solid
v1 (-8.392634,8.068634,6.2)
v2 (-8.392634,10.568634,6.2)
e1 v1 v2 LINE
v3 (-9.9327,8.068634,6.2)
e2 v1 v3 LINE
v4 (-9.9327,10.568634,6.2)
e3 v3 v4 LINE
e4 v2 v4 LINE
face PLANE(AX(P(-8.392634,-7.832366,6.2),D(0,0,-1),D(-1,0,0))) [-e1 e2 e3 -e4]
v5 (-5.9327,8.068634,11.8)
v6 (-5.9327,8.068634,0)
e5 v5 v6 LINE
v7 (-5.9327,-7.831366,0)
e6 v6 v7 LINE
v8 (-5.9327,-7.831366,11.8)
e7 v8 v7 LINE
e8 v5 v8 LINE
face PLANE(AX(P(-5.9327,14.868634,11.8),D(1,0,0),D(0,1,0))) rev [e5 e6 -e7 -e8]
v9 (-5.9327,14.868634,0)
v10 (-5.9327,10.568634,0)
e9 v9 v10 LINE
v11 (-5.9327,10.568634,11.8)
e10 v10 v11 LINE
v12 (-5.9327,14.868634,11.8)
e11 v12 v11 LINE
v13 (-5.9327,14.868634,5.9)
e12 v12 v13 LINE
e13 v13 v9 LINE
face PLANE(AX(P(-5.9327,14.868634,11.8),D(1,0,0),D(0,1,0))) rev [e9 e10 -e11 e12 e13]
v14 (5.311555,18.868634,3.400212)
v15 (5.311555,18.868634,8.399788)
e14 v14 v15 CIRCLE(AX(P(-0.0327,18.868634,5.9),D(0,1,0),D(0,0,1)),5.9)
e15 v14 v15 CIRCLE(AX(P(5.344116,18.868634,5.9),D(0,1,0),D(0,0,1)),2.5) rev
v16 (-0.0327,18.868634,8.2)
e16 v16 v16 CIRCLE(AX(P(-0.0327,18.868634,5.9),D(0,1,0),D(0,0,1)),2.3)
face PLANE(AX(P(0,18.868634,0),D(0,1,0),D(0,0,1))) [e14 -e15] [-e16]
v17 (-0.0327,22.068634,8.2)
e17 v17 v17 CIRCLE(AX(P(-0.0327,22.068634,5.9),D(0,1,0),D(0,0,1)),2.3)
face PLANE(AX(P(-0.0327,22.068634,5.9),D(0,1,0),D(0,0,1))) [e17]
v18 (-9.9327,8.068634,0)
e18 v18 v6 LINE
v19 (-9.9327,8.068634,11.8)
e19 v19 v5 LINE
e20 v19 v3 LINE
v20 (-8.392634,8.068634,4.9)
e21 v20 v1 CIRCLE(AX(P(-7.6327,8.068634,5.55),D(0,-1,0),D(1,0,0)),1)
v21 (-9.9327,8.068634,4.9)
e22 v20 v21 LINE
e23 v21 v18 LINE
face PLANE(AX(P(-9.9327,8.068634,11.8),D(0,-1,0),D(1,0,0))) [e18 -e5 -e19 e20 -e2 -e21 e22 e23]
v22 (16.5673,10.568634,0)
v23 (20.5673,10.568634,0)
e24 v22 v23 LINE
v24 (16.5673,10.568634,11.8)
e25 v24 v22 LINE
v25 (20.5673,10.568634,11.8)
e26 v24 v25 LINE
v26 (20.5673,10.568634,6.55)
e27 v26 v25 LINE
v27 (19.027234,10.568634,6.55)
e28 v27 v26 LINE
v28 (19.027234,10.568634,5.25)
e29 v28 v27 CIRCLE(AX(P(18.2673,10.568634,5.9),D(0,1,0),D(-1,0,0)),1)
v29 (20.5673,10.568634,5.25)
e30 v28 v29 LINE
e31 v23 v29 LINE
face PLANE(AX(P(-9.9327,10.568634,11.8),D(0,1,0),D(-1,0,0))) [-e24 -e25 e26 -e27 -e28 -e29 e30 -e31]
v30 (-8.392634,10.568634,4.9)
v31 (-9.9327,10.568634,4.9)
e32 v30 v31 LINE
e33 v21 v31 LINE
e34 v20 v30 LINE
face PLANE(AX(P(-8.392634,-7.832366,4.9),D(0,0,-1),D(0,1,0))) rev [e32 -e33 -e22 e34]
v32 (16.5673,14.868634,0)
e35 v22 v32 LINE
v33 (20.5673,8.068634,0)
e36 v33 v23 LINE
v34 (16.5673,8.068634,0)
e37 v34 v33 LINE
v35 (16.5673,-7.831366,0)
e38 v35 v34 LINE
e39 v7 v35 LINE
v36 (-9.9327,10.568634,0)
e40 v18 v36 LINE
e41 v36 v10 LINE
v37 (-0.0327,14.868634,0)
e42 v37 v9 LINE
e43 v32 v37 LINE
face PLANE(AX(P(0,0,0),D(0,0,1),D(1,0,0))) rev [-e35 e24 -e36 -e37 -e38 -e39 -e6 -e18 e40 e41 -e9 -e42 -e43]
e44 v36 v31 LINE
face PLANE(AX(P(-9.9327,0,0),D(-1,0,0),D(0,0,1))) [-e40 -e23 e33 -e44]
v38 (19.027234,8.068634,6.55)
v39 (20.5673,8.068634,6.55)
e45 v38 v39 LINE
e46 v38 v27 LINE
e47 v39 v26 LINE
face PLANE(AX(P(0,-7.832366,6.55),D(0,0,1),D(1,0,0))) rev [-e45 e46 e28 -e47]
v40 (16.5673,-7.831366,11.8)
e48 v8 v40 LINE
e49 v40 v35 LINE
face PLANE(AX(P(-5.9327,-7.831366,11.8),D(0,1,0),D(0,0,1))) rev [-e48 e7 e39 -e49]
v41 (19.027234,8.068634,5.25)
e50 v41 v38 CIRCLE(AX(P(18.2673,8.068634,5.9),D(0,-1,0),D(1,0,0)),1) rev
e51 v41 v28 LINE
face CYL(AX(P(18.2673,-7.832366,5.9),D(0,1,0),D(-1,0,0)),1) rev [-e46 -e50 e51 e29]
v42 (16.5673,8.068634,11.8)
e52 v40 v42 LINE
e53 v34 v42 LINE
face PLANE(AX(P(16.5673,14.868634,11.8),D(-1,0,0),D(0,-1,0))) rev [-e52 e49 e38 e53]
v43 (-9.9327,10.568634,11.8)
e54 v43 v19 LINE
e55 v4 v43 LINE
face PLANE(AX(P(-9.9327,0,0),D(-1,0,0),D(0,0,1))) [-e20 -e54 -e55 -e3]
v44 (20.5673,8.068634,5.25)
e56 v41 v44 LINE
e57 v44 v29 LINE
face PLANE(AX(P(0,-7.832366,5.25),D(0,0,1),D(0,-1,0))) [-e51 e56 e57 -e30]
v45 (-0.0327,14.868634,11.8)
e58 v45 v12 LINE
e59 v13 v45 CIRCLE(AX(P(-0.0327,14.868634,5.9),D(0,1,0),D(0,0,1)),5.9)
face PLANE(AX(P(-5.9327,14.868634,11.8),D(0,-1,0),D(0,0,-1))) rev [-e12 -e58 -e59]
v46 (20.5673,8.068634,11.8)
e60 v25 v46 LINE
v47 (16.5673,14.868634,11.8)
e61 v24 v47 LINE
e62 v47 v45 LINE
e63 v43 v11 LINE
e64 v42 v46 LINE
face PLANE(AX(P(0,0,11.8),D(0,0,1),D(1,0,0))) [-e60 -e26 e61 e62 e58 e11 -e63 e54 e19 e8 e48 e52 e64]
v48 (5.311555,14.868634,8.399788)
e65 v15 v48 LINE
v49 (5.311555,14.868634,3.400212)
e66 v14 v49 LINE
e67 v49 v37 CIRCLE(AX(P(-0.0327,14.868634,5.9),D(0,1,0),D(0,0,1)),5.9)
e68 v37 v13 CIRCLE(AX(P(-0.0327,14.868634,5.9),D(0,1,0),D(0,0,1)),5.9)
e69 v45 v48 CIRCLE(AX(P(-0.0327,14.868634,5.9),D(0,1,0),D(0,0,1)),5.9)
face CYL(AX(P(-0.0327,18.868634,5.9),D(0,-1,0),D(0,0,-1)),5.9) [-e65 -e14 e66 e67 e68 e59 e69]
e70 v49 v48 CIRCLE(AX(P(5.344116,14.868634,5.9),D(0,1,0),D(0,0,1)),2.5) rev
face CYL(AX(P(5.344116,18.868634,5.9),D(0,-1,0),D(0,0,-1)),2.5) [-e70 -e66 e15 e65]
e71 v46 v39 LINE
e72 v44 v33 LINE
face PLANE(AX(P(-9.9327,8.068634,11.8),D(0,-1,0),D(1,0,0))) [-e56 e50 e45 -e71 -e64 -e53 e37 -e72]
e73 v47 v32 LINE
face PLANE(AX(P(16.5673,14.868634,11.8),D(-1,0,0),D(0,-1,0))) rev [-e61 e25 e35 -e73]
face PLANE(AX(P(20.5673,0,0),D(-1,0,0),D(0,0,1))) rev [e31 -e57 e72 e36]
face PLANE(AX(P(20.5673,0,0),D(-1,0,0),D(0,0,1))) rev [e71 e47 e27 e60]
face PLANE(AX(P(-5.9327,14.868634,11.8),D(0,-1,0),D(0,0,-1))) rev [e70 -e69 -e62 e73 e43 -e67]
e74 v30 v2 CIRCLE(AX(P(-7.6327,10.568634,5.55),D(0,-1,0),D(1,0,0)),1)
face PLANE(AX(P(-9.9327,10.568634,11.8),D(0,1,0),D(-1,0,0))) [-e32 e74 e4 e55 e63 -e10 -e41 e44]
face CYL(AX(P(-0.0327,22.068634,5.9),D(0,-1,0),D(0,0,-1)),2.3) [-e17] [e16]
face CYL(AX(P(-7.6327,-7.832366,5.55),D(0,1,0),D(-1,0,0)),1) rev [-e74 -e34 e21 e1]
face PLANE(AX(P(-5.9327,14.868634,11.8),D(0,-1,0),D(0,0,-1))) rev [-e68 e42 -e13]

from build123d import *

# Parameters (mm, degrees)
SKETCH2_W                = 22.5
SKETCH2_H                = 22.7
BOSS_EXTRUDE1_DEPTH      = 11.8
SKETCH3_R                = 5.9
BOSS_EXTRUDE2_DEPTH      = 4
SKETCH4_R                = 2.3
BOSS_EXTRUDE3_DEPTH      = 3.2
BOSS_EXTRUDE4_DEPTH      = 4
BOSS_EXTRUDE4_DEPTH_BACK = 26.5
SKETCH5_W                = 11.8
SKETCH5_H                = 2.5
CUT_EXTRUDE1_REACH       = 32.014


with BuildPart() as part:
    # Sketch2 → Boss-Extrude1 (new body)
    with BuildSketch(Plane.XY):
        with Locations((5.317300213, 3.518634424)):
            Rectangle(SKETCH2_W, SKETCH2_H)
    extrude(amount=BOSS_EXTRUDE1_DEPTH)

    # Sketch3 → Boss-Extrude2 (add)
    with BuildSketch(Plane(origin=(0, 14.868634424, 0), x_dir=(1, 0, 0), z_dir=(0, 1, 0))):
        with Locations((-0.032699787, -5.9)):
            Circle(SKETCH3_R)
        with BuildLine():
            ThreePointArc((5.31155509, -3.400212046), (5.726688366, -4.619590646), (5.867300213, -5.9))
            ThreePointArc((5.867300213, -5.9), (5.726688366, -7.180409354), (5.31155509, -8.399787954))
            ThreePointArc((5.31155509, -8.399787954), (7.844115569, -5.9), (5.31155509, -3.400212046))
        make_face()
    extrude(amount=BOSS_EXTRUDE2_DEPTH)

    # Sketch4 → Boss-Extrude3 (add)
    with BuildSketch(Plane(origin=(0, 18.868634424, 0), x_dir=(1, 0, 0), z_dir=(0, 1, 0))):
        with Locations(Location((-0.032699787, -5.9, 0), (0, 0, 270))):
            Circle(SKETCH4_R)
    extrude(amount=BOSS_EXTRUDE3_DEPTH)

    # Sketch5 → Boss-Extrude4 (add, two sides: drawn at the far end of the back side and taken through both)
    with BuildSketch(Plane(origin=(16.567300213, 0, 0), x_dir=(0, 0, -1), z_dir=(1, 0, 0)).offset(-BOSS_EXTRUDE4_DEPTH_BACK)):
        with Locations((-5.9, 9.318634424)):
            Rectangle(SKETCH5_W, SKETCH5_H)
    extrude(amount=BOSS_EXTRUDE4_DEPTH + BOSS_EXTRUDE4_DEPTH_BACK)

    # Sketch7 → Cut-Extrude1 (cut, up to next)
    with BuildSketch(Plane(origin=(0, 10.568634424, 0), x_dir=(1, 0, 0), z_dir=(0, 1, 0)), mode=Mode.PRIVATE) as cut_extrude1_sk1:
        with BuildLine():
            Line((20.567300213, -6.55), (20.567300213, -5.25))
            Line((20.567300213, -5.25), (19.027234421, -5.25))
            ThreePointArc((19.027234421, -5.25), (17.267300213, -5.9), (19.027234421, -6.55))
            Line((19.027234421, -6.55), (20.567300213, -6.55))
        make_face()
    cut_extrude1_tool1 = extrude(cut_extrude1_sk1.sketch, amount=-CUT_EXTRUDE1_REACH, mode=Mode.PRIVATE) & part.part
    # Sketch7 → Cut-Extrude1 (cut, up to next)
    with BuildSketch(Plane(origin=(0, 10.568634424, 0), x_dir=(1, 0, 0), z_dir=(0, 1, 0)), mode=Mode.PRIVATE) as cut_extrude1_sk2:
        with BuildLine():
            ThreePointArc((-8.392633994, -4.9), (-6.632699787, -5.55), (-8.392633994, -6.2))
            Line((-8.392633994, -6.2), (-9.932699787, -6.2))
            Line((-9.932699787, -6.2), (-9.932699787, -4.9))
            Line((-9.932699787, -4.9), (-8.392633994, -4.9))
        make_face()
    cut_extrude1_tool2 = extrude(cut_extrude1_sk2.sketch, amount=-CUT_EXTRUDE1_REACH, mode=Mode.PRIVATE) & part.part
    add(cut_extrude1_tool1.solids().sort_by_distance((18.851481, 10.568634, 5.9))[0], mode=Mode.SUBTRACT)
    add(cut_extrude1_tool2.solids().sort_by_distance((-8.216881, 10.568634, 5.55))[0], mode=Mode.SUBTRACT)


solid = part.part
